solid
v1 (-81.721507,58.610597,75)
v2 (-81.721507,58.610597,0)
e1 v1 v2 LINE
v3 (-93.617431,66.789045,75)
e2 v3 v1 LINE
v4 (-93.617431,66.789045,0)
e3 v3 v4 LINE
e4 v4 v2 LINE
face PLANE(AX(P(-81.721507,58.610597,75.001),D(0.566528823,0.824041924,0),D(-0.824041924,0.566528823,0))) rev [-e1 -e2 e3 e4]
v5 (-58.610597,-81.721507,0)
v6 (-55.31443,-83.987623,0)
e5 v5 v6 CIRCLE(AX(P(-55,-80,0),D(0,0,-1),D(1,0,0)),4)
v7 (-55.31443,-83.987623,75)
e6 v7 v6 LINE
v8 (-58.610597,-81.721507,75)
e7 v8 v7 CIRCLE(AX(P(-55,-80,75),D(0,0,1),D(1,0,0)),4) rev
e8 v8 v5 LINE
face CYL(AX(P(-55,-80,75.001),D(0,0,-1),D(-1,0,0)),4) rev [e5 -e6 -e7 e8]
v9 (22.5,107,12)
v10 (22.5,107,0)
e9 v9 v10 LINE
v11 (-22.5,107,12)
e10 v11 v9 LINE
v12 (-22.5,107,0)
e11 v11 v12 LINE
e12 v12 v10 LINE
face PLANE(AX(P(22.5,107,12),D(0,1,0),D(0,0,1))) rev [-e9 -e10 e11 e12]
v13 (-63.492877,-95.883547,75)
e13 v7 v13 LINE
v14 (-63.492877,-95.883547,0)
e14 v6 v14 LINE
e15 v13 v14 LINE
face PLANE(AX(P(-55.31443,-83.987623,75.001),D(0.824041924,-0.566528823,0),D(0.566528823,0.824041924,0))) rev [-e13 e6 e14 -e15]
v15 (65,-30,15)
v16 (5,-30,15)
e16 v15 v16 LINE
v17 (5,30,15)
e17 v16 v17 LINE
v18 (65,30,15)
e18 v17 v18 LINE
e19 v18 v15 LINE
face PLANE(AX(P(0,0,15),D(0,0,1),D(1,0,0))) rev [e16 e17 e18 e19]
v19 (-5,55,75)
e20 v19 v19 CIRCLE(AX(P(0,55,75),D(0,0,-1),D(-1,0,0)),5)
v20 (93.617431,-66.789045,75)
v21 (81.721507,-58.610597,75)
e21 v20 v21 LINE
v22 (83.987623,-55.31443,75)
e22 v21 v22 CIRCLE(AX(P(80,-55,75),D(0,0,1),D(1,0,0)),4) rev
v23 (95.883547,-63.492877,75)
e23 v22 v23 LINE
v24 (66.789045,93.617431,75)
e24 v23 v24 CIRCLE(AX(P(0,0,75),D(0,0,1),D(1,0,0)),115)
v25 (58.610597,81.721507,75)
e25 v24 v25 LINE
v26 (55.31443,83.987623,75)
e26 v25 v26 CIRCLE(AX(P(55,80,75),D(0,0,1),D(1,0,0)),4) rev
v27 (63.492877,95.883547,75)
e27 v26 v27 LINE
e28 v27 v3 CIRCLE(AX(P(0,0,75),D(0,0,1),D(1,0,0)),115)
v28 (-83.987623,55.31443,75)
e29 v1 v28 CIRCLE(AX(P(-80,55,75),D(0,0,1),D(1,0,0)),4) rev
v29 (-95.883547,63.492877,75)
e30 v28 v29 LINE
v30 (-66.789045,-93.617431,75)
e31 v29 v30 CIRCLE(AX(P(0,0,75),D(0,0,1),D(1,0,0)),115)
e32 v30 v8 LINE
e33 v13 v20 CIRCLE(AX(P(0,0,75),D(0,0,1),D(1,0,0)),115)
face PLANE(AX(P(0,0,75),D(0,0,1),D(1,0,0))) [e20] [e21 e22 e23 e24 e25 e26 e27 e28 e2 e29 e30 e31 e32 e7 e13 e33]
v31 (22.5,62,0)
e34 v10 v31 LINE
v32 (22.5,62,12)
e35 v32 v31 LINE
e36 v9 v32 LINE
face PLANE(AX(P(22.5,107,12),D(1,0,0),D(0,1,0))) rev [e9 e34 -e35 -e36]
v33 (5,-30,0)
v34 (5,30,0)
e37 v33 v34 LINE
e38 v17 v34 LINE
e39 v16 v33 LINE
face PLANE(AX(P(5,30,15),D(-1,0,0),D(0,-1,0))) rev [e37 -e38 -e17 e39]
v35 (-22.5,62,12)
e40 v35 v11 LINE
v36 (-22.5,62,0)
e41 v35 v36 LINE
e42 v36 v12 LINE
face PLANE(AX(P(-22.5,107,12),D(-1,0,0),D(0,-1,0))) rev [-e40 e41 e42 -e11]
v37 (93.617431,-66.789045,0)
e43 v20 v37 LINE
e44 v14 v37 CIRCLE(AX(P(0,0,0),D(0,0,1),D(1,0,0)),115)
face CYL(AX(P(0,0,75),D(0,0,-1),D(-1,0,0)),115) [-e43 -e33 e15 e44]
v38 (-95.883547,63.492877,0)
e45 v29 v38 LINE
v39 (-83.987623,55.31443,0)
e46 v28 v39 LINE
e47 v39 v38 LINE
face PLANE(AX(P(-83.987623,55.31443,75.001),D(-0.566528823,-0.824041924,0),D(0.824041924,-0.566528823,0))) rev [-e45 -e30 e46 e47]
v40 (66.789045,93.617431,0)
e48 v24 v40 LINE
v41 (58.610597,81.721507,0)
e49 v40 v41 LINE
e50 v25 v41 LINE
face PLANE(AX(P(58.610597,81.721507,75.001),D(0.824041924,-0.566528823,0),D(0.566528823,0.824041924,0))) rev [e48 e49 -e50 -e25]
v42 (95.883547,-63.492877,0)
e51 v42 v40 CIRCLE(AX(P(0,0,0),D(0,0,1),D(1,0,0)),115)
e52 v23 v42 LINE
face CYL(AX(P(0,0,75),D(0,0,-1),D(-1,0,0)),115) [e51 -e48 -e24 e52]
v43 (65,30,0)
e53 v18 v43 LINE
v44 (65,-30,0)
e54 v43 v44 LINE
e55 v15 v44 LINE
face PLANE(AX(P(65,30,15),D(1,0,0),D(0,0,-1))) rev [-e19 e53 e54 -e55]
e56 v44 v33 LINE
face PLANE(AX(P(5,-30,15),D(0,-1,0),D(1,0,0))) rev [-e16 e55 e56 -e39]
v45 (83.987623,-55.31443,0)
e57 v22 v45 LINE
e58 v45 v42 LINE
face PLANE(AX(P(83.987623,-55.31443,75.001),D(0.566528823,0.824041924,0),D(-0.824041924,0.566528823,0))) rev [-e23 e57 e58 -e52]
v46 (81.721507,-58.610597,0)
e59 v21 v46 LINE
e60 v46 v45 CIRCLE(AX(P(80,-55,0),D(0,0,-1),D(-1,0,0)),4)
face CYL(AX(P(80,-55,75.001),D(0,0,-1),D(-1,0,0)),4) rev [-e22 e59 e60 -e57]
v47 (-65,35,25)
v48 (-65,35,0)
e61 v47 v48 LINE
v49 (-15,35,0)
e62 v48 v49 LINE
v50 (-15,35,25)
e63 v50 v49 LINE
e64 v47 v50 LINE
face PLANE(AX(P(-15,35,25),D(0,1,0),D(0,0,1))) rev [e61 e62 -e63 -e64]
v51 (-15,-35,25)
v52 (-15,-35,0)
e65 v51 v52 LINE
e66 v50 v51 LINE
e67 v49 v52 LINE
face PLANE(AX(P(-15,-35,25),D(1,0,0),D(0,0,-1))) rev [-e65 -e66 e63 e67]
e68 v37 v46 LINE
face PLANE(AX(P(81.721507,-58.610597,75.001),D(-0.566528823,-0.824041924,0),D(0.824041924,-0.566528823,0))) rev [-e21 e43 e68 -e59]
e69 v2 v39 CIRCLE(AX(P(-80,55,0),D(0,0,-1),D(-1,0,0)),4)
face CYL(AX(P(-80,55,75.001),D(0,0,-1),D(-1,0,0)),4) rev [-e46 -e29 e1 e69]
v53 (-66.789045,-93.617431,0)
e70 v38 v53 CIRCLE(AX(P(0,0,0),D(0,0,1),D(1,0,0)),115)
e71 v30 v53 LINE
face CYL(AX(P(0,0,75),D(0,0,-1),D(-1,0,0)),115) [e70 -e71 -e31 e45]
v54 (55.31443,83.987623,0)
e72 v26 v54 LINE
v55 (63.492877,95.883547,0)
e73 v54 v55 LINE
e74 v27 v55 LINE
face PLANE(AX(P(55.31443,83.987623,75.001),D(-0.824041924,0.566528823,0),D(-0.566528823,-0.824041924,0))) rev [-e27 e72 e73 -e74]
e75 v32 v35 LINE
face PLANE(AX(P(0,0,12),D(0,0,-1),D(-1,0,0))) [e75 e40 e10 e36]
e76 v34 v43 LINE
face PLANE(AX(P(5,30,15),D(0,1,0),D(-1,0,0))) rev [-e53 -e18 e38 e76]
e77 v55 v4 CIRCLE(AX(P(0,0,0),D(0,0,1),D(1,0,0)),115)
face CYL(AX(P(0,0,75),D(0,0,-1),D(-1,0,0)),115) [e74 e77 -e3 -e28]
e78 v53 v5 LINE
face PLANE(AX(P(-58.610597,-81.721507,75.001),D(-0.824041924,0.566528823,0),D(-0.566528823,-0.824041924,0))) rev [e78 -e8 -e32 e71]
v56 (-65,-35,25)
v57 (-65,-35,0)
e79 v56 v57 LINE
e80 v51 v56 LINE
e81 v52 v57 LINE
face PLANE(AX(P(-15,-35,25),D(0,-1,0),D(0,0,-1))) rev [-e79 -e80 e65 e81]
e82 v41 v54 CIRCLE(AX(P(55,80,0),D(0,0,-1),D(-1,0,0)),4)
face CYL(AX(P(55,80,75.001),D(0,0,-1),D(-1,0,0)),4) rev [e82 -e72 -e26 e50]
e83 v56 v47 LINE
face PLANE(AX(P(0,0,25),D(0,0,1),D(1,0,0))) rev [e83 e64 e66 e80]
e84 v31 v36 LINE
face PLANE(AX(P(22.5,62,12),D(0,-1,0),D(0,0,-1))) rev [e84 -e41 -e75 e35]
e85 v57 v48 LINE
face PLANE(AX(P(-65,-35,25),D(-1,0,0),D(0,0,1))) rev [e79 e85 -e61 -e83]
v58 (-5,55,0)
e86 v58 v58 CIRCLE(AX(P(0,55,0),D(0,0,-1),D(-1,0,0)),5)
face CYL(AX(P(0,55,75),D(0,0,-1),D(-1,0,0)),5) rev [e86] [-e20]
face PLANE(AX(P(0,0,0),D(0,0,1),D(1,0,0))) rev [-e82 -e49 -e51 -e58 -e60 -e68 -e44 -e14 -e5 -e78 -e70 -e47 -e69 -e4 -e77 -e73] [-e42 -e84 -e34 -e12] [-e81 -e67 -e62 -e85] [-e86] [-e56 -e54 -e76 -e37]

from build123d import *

# Parameters (mm, degrees)
SCHIZZO1_R                   = 115
ESTRUSIONE_ESTRUSIONE1_DEPTH = 75
TAGLIO_ESTRUSIONE1_REACH     = 77
SCHIZZO3_W                   = 60
SCHIZZO3_H                   = 60
TAGLIO_ESTRUSIONE2_DEPTH     = 15
SCHIZZO4_W                   = 50
SCHIZZO4_H                   = 70
TAGLIO_ESTRUSIONE3_DEPTH     = 25
SCHIZZO5_R                   = 5
TAGLIO_ESTRUSIONE4_DEPTH     = 76
SCHIZZO6_W                   = 45
SCHIZZO6_H                   = 45
TAGLIO_ESTRUSIONE5_DEPTH     = 12


with BuildPart() as part:
    # Schizzo1 → Estrusione-Estrusione1 (new body)
    with BuildSketch(Plane.XY):
        Circle(SCHIZZO1_R)
    extrude(amount=ESTRUSIONE_ESTRUSIONE1_DEPTH)

    # Schizzo2 → Taglio-Estrusione1 (cut, up to next)
    with BuildSketch(Plane(origin=(0, 0, 0), x_dir=(-1, 0, 0), z_dir=(0, 0, -1)), mode=Mode.PRIVATE) as taglio_estrusione1_sk1:
        with BuildLine():
            Line((58.610597259, -81.721507315), (66.78904506, -93.617431389))
            ThreePointArc((66.78904506, -93.617431389), (65.150814632, -94.764821283), (63.492877363, -95.883546681))
            Line((63.492877363, -95.883546681), (55.314429562, -83.987622606))
            ThreePointArc((55.314429562, -83.987622606), (52.733884708, -76.703832303), (58.610597259, -81.721507315))
        make_face()
    taglio_estrusione1_tool1 = extrude(taglio_estrusione1_sk1.sketch, amount=-TAGLIO_ESTRUSIONE1_REACH, mode=Mode.PRIVATE) & part.part
    add(taglio_estrusione1_tool1.solids().sort_by_distance((-58.254036, -84.733143, 0))[0], mode=Mode.SUBTRACT)
    # Schizzo2 → Taglio-Estrusione1 (cut, up to next)
    with BuildSketch(Plane(origin=(0, 0, 0), x_dir=(-1, 0, 0), z_dir=(0, 0, -1)), mode=Mode.PRIVATE) as taglio_estrusione1_sk2:
        with BuildLine():
            Line((81.721507315, 58.610597259), (93.617431389, 66.78904506))
            ThreePointArc((93.617431389, 66.78904506), (94.764821283, 65.150814632), (95.883546681, 63.492877363))
            Line((95.883546681, 63.492877363), (83.987622606, 55.314429562))
            ThreePointArc((83.987622606, 55.314429562), (76.703832303, 52.733884708), (81.721507315, 58.610597259))
        make_face()
    taglio_estrusione1_tool2 = extrude(taglio_estrusione1_sk2.sketch, amount=-TAGLIO_ESTRUSIONE1_REACH, mode=Mode.PRIVATE) & part.part
    add(taglio_estrusione1_tool2.solids().sort_by_distance((-84.733143, 58.254036, 0))[0], mode=Mode.SUBTRACT)
    # Schizzo2 → Taglio-Estrusione1 (cut, up to next)
    with BuildSketch(Plane(origin=(0, 0, 0), x_dir=(-1, 0, 0), z_dir=(0, 0, -1)), mode=Mode.PRIVATE) as taglio_estrusione1_sk3:
        with BuildLine():
            Line((-58.610597259, 81.721507315), (-66.78904506, 93.617431389))
            ThreePointArc((-66.78904506, 93.617431389), (-65.150814632, 94.764821283), (-63.492877363, 95.883546681))
            Line((-63.492877363, 95.883546681), (-55.314429562, 83.987622606))
            ThreePointArc((-55.314429562, 83.987622606), (-52.733884708, 76.703832303), (-58.610597259, 81.721507315))
        make_face()
    taglio_estrusione1_tool3 = extrude(taglio_estrusione1_sk3.sketch, amount=-TAGLIO_ESTRUSIONE1_REACH, mode=Mode.PRIVATE) & part.part
    add(taglio_estrusione1_tool3.solids().sort_by_distance((58.254036, 84.733143, 0))[0], mode=Mode.SUBTRACT)
    # Schizzo2 → Taglio-Estrusione1 (cut, up to next)
    with BuildSketch(Plane(origin=(0, 0, 0), x_dir=(-1, 0, 0), z_dir=(0, 0, -1)), mode=Mode.PRIVATE) as taglio_estrusione1_sk4:
        with BuildLine():
            Line((-81.721507315, -58.610597259), (-93.617431389, -66.78904506))
            ThreePointArc((-93.617431389, -66.78904506), (-94.764821283, -65.150814632), (-95.883546681, -63.492877363))
            Line((-95.883546681, -63.492877363), (-83.987622606, -55.314429562))
            ThreePointArc((-83.987622606, -55.314429562), (-76.703832303, -52.733884708), (-81.721507315, -58.610597259))
        make_face()
    taglio_estrusione1_tool4 = extrude(taglio_estrusione1_sk4.sketch, amount=-TAGLIO_ESTRUSIONE1_REACH, mode=Mode.PRIVATE) & part.part
    add(taglio_estrusione1_tool4.solids().sort_by_distance((84.733143, -58.254036, 0))[0], mode=Mode.SUBTRACT)

    # Schizzo3 → Taglio-Estrusione2 (cut)
    with BuildSketch(Plane(origin=(0, 0, 0), x_dir=(-1, 0, 0), z_dir=(0, 0, -1))):
        with Locations((-35, 0)):
            Rectangle(SCHIZZO3_W, SCHIZZO3_H)
    extrude(amount=-TAGLIO_ESTRUSIONE2_DEPTH, mode=Mode.SUBTRACT)

    # Schizzo4 → Taglio-Estrusione3 (cut)
    with BuildSketch(Plane(origin=(0, 0, 0), x_dir=(-1, 0, 0), z_dir=(0, 0, -1))):
        with Locations((40, 0)):
            Rectangle(SCHIZZO4_W, SCHIZZO4_H)
    extrude(amount=-TAGLIO_ESTRUSIONE3_DEPTH, mode=Mode.SUBTRACT)

    # Schizzo5 → Taglio-Estrusione4 (cut, through all)
    with BuildSketch(Plane(origin=(0, 0, 0), x_dir=(-1, 0, 0), z_dir=(0, 0, -1))):
        with Locations((0, 55)):
            Circle(SCHIZZO5_R)
    extrude(amount=-TAGLIO_ESTRUSIONE4_DEPTH, mode=Mode.SUBTRACT)

    # Schizzo6 → Taglio-Estrusione5 (cut)
    with BuildSketch(Plane(origin=(0, 0, 0), x_dir=(-1, 0, 0), z_dir=(0, 0, -1))):
        with Locations((0, 84.5)):
            Rectangle(SCHIZZO6_W, SCHIZZO6_H)
    extrude(amount=-TAGLIO_ESTRUSIONE5_DEPTH, mode=Mode.SUBTRACT)


solid = part.part
